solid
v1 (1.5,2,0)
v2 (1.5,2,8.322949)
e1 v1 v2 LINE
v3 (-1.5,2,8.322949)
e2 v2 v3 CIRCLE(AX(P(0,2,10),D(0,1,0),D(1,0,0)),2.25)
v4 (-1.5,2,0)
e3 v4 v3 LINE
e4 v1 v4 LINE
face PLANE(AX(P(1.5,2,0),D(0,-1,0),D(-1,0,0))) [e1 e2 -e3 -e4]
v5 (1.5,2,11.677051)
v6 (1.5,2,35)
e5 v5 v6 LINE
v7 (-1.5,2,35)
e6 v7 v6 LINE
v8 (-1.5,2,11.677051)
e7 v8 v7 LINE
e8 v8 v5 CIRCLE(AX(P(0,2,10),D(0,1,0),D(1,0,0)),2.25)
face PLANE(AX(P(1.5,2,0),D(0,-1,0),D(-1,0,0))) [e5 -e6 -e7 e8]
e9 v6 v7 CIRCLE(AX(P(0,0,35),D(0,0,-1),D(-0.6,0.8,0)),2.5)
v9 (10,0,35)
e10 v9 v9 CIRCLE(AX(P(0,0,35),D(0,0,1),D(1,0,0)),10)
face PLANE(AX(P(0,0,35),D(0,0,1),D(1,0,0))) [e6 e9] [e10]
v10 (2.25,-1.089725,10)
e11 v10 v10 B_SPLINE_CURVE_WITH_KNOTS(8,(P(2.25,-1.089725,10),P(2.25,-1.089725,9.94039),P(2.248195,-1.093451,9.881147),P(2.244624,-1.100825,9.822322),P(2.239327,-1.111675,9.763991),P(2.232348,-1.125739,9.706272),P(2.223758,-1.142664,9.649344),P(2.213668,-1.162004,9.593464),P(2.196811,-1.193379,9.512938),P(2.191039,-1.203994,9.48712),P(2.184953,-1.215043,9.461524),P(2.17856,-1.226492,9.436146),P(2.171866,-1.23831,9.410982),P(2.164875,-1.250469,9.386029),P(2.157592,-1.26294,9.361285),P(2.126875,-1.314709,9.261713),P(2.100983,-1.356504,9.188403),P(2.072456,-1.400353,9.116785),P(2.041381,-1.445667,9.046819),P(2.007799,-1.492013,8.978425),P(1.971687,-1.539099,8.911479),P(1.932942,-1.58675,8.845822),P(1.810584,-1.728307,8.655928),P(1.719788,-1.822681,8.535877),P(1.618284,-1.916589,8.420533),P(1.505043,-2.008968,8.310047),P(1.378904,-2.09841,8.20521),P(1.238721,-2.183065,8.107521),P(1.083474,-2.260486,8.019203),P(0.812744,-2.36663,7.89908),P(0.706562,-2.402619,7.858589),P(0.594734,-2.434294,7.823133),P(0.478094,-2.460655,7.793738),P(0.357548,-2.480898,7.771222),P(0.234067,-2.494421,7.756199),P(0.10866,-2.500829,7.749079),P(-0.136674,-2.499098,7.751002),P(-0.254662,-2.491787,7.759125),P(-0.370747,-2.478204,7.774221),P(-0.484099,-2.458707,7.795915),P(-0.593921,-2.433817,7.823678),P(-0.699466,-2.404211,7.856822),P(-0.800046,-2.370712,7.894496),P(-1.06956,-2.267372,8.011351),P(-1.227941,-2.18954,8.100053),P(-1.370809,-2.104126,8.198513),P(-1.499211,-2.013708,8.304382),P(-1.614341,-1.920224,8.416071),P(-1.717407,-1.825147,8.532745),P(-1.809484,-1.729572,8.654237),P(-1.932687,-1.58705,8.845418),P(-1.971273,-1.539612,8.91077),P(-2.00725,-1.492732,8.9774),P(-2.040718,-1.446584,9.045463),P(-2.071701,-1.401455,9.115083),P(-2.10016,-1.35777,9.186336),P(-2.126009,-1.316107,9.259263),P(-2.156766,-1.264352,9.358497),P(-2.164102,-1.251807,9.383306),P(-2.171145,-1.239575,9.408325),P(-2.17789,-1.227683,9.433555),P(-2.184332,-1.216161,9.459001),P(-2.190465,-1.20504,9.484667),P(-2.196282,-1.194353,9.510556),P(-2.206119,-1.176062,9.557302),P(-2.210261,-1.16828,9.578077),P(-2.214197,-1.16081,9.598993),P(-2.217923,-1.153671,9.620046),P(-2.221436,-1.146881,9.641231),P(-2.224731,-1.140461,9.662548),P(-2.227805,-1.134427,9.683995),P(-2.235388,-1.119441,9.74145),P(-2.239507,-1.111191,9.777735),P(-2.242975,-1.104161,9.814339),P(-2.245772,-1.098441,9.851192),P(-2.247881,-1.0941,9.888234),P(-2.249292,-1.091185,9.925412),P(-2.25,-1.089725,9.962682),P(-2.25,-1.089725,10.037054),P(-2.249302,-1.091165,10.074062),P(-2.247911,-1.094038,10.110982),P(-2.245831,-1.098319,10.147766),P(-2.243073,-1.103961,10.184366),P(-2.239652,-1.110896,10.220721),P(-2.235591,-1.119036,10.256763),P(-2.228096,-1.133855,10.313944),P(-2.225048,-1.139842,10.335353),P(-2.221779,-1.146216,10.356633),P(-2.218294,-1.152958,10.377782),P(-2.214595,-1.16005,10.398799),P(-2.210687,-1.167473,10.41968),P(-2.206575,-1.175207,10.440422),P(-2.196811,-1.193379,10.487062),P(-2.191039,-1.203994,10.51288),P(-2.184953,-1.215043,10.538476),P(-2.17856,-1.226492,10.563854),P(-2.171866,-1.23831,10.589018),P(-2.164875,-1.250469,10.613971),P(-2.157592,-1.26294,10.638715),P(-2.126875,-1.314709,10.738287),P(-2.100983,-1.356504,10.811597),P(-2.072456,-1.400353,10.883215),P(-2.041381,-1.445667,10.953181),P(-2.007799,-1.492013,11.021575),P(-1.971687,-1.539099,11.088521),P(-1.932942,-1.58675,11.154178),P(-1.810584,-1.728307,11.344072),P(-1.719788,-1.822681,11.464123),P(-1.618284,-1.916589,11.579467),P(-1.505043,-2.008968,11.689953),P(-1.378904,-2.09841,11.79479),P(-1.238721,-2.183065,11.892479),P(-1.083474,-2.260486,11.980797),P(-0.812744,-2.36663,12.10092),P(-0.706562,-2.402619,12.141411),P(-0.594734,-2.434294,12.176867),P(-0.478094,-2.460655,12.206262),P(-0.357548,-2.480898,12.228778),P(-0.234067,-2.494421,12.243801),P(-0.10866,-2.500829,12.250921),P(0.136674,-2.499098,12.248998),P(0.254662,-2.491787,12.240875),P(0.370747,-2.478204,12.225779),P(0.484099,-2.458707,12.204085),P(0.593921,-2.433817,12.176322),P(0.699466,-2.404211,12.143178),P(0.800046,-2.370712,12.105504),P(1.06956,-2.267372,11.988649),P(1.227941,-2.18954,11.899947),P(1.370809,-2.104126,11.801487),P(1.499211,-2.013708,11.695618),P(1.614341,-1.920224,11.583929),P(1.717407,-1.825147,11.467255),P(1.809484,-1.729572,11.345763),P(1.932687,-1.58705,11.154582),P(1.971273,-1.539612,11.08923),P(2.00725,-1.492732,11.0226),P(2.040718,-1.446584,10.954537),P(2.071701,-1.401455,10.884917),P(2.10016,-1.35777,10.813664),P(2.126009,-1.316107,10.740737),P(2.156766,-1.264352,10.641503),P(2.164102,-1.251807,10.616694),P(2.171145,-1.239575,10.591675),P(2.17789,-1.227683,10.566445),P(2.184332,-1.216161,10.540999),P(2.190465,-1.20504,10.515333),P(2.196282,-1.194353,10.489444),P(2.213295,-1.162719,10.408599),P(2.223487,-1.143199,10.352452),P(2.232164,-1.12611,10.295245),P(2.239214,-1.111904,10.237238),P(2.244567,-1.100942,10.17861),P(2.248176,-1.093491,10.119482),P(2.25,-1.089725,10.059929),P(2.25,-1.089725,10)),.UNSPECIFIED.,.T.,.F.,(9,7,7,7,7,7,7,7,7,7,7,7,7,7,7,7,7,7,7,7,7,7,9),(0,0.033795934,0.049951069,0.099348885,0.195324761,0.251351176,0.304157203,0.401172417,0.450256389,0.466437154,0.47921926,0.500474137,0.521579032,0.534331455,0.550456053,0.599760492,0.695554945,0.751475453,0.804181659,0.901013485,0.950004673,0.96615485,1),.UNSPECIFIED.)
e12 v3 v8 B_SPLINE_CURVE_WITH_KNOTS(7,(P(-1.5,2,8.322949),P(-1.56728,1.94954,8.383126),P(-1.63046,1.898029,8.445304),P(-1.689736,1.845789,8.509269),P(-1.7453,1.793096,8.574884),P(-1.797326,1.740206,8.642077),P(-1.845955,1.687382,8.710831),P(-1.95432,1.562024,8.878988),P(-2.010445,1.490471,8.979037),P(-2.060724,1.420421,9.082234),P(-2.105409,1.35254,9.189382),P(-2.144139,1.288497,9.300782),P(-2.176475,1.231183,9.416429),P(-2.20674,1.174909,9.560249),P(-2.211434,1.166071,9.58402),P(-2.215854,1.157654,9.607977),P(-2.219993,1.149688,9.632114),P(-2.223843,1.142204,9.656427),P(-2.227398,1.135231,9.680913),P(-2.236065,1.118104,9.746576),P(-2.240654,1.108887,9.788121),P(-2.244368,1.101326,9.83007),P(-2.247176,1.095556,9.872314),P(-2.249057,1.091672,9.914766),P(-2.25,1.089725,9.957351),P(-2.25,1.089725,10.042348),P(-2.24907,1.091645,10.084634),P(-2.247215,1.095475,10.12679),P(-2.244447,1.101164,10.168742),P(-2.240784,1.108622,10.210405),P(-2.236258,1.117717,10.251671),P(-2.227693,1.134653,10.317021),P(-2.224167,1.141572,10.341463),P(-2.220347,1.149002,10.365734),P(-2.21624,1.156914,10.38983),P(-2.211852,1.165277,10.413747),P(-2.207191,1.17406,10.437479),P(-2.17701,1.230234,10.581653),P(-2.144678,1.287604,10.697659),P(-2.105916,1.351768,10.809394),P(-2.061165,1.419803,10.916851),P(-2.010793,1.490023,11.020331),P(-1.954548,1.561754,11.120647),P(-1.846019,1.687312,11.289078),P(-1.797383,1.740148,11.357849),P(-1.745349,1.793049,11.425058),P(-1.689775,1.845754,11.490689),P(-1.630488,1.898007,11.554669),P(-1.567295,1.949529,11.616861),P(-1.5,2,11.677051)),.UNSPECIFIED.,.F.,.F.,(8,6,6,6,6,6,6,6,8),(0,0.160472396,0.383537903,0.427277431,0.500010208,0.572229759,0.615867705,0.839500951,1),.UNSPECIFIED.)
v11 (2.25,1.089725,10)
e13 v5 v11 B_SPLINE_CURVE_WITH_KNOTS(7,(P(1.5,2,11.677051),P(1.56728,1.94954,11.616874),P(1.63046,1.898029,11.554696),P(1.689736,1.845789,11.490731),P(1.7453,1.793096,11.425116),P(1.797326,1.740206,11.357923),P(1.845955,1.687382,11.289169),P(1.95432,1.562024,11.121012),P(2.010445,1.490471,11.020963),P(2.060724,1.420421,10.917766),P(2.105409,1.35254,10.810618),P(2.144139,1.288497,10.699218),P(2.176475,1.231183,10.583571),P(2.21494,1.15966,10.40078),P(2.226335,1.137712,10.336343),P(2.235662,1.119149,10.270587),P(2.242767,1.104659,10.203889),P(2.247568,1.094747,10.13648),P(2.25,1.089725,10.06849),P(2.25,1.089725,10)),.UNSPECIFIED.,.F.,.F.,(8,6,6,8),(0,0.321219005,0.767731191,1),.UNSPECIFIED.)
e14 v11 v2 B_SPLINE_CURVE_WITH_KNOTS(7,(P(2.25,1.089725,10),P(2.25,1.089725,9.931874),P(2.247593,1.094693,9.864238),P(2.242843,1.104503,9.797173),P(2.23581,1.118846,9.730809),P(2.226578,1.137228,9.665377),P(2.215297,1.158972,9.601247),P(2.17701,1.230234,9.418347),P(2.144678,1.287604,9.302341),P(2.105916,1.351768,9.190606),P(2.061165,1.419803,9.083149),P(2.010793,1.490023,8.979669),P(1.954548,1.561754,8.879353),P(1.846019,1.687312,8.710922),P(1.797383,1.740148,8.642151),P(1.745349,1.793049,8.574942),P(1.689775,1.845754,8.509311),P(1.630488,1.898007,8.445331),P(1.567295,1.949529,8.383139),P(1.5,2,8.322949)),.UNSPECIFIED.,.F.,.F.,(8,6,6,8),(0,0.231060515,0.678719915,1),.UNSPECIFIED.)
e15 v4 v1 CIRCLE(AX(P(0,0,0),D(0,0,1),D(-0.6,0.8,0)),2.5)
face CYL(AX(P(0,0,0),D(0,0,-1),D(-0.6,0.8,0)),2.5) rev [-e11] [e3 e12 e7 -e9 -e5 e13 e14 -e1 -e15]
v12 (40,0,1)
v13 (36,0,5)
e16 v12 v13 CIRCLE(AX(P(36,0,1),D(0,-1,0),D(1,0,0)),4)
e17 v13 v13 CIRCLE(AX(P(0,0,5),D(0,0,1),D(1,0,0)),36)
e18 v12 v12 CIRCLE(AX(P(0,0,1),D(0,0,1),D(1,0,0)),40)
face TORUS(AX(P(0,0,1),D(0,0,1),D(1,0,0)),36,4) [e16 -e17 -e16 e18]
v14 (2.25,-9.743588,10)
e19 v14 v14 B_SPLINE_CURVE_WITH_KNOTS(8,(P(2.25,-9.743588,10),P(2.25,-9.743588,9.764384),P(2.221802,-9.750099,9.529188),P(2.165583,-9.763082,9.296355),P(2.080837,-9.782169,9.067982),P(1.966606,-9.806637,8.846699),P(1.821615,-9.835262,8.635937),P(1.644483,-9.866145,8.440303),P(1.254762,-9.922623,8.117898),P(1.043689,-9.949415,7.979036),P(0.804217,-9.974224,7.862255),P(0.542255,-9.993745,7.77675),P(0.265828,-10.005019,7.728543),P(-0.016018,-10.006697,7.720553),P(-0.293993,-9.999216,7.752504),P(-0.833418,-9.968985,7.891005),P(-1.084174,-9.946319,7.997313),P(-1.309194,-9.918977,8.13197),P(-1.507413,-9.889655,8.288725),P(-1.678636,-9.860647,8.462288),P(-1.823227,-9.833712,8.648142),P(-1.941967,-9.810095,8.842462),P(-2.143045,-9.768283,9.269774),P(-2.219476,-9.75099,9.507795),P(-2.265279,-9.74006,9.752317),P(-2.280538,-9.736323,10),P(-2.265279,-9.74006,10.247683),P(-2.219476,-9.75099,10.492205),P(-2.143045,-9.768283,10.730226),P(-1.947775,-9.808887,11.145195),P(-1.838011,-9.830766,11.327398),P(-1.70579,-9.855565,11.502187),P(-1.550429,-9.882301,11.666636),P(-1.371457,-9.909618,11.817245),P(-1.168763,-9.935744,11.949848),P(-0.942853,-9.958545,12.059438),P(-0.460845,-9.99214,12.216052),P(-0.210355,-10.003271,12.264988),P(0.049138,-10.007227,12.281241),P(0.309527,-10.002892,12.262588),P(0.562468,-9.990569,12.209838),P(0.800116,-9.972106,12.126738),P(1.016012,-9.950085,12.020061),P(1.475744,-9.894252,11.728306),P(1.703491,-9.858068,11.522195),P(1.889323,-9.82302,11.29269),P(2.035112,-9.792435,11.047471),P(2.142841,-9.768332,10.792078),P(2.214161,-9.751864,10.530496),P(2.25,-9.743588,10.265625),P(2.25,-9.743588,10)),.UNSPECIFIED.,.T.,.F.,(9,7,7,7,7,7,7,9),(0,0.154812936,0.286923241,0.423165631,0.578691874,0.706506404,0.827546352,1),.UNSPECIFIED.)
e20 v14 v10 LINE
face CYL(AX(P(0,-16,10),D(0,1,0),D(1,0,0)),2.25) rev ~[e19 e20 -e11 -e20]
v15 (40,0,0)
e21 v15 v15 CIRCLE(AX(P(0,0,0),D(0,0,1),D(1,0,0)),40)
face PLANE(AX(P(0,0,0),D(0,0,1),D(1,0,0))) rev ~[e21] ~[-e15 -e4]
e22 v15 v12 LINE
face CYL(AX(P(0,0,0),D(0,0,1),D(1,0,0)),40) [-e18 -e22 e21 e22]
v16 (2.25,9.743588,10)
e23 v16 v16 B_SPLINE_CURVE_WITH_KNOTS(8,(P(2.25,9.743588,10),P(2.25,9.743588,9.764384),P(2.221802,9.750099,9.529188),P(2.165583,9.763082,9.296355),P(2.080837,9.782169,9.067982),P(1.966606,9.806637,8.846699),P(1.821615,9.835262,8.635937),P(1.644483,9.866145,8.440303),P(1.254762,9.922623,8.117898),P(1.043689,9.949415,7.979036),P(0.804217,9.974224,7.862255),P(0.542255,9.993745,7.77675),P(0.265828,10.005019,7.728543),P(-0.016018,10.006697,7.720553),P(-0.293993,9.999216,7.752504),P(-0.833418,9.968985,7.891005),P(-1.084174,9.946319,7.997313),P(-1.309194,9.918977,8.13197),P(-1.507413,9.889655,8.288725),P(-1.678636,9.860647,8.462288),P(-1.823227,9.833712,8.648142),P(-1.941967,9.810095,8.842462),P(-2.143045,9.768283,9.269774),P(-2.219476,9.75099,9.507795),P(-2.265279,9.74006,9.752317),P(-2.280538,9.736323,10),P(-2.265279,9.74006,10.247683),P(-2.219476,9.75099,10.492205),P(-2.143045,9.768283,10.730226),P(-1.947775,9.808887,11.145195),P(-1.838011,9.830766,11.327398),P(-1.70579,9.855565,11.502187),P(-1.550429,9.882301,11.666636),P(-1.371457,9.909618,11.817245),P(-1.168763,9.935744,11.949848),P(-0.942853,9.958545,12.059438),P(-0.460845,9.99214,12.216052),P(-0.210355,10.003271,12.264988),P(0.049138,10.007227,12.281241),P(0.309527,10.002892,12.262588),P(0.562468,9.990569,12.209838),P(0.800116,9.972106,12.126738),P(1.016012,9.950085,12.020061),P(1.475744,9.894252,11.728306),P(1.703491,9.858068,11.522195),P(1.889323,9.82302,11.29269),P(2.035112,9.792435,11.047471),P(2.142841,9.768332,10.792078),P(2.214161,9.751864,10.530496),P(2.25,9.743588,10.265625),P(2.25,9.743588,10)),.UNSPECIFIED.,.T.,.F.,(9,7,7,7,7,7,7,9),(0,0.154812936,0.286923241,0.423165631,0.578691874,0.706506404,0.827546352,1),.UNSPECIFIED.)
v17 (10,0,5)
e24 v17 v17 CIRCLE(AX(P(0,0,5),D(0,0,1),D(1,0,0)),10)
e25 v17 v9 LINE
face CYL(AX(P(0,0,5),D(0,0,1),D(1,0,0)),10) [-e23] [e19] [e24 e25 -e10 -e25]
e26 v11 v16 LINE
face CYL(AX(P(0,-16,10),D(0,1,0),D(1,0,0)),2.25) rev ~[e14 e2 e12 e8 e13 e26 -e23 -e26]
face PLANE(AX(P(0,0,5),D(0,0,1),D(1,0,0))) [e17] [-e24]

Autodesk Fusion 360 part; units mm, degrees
sketch "Sketch1" plane through (0, 0, 0) normal (0, 0, 1) x (1, 0, 0)
  line L0 (1.5, 2) -> (-1.5, 2)
  arc A0 (-1.5, 2) -> (1.5, 2) centre (0, 0) ccw
cylinder "CylinderPrimitive1" add diameter 80 height 5 placed x (1, 0, 0) y (0, 1, 0) z (0, 0, 1) at (0, 0, 0) makes body 1
cylinder "CylinderPrimitive2" add diameter 20 height 30 placed x (1, 0, 0) y (0, 1, 0) z (0, 0, 1) at (0, 0, 5) bodies 1
extrude "Extrude1" cut sketch "Sketch1" along normal blind 44 bodies 1
fillet "Fillet1" radius 4 1 edges at (-37.2931, -14.4646, 5) on bodies 1
sketch "Sketch4" plane through (0, 0, 35) normal (0, 0, 1) x (-1, 0, 0)
  line L0 (1.5, -2) -> (-1.5, -2)
  arc A0 (1.5, -2) -> (-1.5, -2) centre (0, 0) ccw
  circle A1 centre (0, 0) radius 10
cylinder "CylinderPrimitive3" add diameter 4.5 height 31 placed x (1, 0, 0) y (0, 0, -1) z (0, 1, 0) at (0, 0, 10) separate body makes body 2
move_body "Move1" bodies 2 to x (1, 0, 0) y (0, 1, 0) z (0, 0, 1) at (0, -16, 0)
combine "Combine1" operation cut target body 1 tool bodies 2
